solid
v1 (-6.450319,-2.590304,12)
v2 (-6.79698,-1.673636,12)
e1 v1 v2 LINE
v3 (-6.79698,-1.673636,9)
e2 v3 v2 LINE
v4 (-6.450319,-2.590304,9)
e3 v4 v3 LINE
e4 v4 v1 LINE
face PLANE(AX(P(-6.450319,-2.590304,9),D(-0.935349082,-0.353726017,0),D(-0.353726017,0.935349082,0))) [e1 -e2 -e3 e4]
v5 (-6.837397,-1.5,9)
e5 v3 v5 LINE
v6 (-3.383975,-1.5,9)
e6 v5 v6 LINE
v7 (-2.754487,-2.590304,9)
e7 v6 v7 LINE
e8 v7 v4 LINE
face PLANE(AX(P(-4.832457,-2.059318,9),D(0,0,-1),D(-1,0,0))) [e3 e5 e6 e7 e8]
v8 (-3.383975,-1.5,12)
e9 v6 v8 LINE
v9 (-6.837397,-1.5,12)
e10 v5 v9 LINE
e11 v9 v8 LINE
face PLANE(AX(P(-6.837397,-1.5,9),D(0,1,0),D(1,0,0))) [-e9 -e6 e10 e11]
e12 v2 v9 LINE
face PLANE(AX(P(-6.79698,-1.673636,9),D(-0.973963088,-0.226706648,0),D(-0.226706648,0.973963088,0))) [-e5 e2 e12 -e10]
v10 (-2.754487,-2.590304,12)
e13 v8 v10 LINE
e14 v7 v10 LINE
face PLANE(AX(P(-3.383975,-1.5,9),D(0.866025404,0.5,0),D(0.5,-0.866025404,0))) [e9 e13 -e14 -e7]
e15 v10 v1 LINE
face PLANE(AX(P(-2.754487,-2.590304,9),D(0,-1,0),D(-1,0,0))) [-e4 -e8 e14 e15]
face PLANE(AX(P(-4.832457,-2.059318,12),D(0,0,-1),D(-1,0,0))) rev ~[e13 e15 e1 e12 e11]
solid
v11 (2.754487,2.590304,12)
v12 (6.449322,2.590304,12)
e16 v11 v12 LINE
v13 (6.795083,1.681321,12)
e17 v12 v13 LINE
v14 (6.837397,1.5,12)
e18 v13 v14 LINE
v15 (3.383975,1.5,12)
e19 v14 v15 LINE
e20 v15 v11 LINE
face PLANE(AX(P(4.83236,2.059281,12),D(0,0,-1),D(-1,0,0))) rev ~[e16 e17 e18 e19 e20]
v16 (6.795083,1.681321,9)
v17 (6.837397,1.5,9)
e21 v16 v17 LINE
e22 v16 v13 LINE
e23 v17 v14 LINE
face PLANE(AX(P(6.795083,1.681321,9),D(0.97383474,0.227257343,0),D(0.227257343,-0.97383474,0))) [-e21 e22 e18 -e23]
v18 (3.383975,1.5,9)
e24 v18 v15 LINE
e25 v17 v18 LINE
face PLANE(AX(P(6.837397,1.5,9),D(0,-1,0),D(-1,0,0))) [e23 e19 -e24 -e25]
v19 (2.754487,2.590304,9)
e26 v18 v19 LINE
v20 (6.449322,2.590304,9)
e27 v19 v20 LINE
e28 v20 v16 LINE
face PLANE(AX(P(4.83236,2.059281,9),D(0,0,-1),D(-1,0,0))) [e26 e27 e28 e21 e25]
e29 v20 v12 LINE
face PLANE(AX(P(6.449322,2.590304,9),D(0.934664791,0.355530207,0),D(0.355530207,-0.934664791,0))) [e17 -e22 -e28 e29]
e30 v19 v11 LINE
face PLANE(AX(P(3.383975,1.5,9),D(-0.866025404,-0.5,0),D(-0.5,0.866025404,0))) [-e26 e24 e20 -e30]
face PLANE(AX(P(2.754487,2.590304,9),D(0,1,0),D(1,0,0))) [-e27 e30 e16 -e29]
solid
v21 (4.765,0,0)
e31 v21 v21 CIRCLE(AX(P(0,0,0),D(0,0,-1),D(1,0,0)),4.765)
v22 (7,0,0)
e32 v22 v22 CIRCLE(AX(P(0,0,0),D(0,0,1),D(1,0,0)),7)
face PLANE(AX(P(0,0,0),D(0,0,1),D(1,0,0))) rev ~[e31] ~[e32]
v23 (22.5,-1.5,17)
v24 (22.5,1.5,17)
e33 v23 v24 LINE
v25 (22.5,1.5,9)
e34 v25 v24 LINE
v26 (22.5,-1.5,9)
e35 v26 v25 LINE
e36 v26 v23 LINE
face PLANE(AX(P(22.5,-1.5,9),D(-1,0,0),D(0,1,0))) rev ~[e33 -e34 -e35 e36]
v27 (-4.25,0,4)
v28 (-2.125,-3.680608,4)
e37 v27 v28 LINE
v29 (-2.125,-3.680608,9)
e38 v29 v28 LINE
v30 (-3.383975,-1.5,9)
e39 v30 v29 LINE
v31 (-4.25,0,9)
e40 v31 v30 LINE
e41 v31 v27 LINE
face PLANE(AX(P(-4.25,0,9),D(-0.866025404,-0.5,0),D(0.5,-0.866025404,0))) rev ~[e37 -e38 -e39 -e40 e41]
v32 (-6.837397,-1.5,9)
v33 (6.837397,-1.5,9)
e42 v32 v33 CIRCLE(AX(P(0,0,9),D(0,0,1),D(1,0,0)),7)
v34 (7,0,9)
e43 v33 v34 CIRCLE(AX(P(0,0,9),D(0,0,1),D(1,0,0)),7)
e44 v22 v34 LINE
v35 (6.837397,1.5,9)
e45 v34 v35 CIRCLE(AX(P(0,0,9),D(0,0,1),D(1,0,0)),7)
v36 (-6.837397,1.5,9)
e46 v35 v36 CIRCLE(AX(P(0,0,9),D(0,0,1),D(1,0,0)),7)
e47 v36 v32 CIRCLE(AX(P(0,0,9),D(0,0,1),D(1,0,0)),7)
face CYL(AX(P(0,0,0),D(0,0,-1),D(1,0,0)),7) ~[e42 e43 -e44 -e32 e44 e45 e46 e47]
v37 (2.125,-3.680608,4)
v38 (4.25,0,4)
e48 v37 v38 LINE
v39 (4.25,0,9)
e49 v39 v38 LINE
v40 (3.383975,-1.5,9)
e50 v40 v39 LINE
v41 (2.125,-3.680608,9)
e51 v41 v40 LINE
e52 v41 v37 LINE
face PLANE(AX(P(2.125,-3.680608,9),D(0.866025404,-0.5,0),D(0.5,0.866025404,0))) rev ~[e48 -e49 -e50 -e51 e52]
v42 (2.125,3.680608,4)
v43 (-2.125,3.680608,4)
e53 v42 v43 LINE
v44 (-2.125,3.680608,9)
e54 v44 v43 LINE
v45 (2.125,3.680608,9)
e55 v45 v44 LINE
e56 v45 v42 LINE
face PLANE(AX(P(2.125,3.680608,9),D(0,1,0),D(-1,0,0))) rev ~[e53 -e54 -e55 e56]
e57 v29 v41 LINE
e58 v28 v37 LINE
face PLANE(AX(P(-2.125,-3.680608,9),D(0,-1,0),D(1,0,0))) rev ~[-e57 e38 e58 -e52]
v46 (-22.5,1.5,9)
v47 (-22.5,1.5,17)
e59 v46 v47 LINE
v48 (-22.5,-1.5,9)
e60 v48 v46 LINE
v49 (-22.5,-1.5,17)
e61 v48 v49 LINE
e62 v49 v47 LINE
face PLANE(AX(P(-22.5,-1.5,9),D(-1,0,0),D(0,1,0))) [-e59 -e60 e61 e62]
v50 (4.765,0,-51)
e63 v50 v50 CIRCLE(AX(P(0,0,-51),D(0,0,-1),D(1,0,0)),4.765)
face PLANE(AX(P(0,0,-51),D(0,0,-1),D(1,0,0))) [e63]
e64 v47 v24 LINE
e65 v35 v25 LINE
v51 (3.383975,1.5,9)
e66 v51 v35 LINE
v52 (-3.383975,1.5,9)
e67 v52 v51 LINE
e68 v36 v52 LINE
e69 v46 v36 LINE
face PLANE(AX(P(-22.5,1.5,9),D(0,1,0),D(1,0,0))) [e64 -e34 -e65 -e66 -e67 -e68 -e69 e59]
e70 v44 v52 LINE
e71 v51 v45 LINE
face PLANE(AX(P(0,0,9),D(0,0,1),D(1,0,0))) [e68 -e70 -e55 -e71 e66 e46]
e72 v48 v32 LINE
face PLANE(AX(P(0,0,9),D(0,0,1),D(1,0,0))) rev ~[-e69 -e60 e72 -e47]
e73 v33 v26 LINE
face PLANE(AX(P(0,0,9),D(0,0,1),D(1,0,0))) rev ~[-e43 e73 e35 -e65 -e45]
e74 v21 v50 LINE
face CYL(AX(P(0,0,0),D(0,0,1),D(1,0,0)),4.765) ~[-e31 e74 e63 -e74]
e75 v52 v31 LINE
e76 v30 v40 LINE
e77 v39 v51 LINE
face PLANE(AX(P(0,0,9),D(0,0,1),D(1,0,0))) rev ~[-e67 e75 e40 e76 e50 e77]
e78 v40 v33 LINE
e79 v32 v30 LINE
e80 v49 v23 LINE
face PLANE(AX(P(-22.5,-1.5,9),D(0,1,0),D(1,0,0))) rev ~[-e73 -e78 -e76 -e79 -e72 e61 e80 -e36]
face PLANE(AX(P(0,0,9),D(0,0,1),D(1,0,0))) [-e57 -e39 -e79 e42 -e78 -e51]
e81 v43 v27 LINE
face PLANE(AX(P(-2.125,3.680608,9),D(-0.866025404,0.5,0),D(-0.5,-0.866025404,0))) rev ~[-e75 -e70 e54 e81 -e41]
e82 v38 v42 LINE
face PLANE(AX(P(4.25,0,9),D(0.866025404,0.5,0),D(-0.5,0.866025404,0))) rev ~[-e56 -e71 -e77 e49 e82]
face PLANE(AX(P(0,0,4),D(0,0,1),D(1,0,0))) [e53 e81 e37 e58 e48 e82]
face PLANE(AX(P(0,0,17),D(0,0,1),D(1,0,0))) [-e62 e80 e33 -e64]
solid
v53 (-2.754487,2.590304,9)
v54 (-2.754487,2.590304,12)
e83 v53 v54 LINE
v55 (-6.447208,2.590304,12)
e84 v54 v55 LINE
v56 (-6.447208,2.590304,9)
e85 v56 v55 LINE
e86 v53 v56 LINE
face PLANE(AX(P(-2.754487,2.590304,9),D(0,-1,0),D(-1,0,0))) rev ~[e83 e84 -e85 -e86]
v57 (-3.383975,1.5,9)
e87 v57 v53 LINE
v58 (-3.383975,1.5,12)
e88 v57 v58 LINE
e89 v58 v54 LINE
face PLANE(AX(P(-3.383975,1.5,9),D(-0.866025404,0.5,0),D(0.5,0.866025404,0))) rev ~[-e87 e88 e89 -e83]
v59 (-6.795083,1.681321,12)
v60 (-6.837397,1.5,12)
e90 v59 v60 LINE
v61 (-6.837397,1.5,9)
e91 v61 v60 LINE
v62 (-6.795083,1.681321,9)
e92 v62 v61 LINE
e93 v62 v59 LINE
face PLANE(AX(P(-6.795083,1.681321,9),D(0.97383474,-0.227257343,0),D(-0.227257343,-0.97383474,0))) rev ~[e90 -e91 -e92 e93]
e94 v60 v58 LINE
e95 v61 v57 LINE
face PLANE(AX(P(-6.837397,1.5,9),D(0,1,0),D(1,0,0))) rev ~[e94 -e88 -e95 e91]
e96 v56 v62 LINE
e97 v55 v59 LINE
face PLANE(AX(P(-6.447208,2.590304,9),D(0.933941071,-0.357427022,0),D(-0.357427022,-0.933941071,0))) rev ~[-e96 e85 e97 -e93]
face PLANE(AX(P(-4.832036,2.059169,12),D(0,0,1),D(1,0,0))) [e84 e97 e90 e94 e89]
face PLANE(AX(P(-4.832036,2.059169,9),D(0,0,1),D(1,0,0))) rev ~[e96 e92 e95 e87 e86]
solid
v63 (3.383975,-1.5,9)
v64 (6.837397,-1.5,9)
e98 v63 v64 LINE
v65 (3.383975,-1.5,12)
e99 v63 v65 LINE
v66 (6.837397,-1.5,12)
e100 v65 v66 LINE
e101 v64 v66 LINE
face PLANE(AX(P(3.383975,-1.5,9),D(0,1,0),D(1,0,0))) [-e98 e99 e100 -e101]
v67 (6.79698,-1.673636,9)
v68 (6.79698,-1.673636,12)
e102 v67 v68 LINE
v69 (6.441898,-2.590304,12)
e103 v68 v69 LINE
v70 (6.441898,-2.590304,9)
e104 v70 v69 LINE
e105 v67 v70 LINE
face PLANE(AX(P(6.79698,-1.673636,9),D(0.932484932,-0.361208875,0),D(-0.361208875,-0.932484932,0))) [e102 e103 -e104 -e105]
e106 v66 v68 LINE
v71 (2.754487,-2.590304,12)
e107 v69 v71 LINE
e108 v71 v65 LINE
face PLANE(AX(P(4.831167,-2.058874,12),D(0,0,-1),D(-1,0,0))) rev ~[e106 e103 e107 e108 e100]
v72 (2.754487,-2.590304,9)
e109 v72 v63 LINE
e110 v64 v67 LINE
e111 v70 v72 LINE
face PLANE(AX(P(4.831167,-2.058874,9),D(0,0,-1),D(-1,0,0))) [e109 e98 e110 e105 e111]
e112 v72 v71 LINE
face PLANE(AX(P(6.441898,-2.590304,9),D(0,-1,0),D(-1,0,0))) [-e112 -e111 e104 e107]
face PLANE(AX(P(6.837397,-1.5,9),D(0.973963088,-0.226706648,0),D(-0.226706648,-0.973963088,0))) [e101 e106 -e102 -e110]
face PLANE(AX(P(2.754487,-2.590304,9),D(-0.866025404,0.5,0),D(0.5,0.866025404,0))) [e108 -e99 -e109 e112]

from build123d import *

# Parameters (mm, degrees)
ESBO_O1_R                  = 7
RESSALTO_EXTRUS_O1_DEPTH   = 9
ESBO_O2_R                  = 4.765
RESSALTO_EXTRUS_O2_DEPTH   = 51
CORTE_EXTRUS_O1_DEPTH      = 5
ESBO_O4_W                  = 45
ESBO_O4_H                  = 3
RESSALTO_EXTRUS_O3_DEPTH   = 8
RESSALTO_EXTRUS_O4_DEPTH   = 3
RESSALTO_EXTRUS_O4_2_DEPTH = 3
RESSALTO_EXTRUS_O5_DEPTH   = 3
RESSALTO_EXTRUS_O5_2_DEPTH = 3


with BuildPart() as part:
    # Esboço1 → Ressalto-extrusão1 (new body)
    with BuildSketch(Plane.XY):
        Circle(ESBO_O1_R)
    extrude(amount=RESSALTO_EXTRUS_O1_DEPTH)

    # Esboço2 → Ressalto-extrusão2 (add)
    with BuildSketch(Plane(origin=(0, 0, 0), x_dir=(-1, 0, 0), z_dir=(0, 0, -1))):
        with Locations(Location((0, 0, 0), (0, 0, 180))):
            Circle(ESBO_O2_R)
    extrude(amount=RESSALTO_EXTRUS_O2_DEPTH)

    # Esboço3 → Corte-extrusão1 (cut)
    with BuildSketch(Plane.XY.offset(9)):
        Polygon((4.25, 0), (2.125, 3.680607966), (-2.125, 3.680607966), (-4.25, 0), (-2.125, -3.680607966), (2.125, -3.680607966), align=None)
    extrude(amount=-CORTE_EXTRUS_O1_DEPTH, mode=Mode.SUBTRACT)

    # Esboço4 → Ressalto-extrusão3 (add)
    with BuildSketch(Plane.XY.offset(9)):
        Rectangle(ESBO_O4_W, ESBO_O4_H)
    extrude(amount=RESSALTO_EXTRUS_O3_DEPTH)


with BuildPart() as body_2:
    # Esboço5 → Ressalto-extrusão4 (new body)
    with BuildSketch(Plane.XY.offset(9)):
        Polygon((-6.837397166, -1.5), (-3.383974596, -1.5), (-2.754487298, -2.590303983), (-6.450319069, -2.590303983), (-6.796980481, -1.673635664), align=None)
    extrude(amount=RESSALTO_EXTRUS_O4_DEPTH)


with BuildPart() as body_3:
    # Esboço5 → Ressalto-extrus_o4 2 (new body)
    with BuildSketch(Plane.XY.offset(9)):
        Polygon((2.754487298, -2.590303983), (3.383974596, -1.5), (6.837397166, -1.5), (6.796980481, -1.673635664), (6.441898355, -2.590303983), align=None)
    extrude(amount=RESSALTO_EXTRUS_O4_2_DEPTH)


with BuildPart() as body_4:
    # Esboço7 → Ressalto-extrusão5 (new body)
    with BuildSketch(Plane.XY.offset(9)):
        Polygon((6.837397166, 1.5), (3.383974596, 1.5), (2.754487298, 2.590303983), (6.449322248, 2.590303983), (6.795083403, 1.681321368), align=None)
    extrude(amount=RESSALTO_EXTRUS_O5_DEPTH)


with BuildPart() as body_5:
    # Esboço7 → Ressalto-extrus_o5 2 (new body)
    with BuildSketch(Plane.XY.offset(9)):
        Polygon((-6.837397166, 1.5), (-3.383974596, 1.5), (-2.754487298, 2.590303983), (-6.44720819, 2.590303983), (-6.795083403, 1.681321368), align=None)
    extrude(amount=RESSALTO_EXTRUS_O5_2_DEPTH)


solid = Compound([part.part, body_2.part, body_3.part, body_4.part, body_5.part])
